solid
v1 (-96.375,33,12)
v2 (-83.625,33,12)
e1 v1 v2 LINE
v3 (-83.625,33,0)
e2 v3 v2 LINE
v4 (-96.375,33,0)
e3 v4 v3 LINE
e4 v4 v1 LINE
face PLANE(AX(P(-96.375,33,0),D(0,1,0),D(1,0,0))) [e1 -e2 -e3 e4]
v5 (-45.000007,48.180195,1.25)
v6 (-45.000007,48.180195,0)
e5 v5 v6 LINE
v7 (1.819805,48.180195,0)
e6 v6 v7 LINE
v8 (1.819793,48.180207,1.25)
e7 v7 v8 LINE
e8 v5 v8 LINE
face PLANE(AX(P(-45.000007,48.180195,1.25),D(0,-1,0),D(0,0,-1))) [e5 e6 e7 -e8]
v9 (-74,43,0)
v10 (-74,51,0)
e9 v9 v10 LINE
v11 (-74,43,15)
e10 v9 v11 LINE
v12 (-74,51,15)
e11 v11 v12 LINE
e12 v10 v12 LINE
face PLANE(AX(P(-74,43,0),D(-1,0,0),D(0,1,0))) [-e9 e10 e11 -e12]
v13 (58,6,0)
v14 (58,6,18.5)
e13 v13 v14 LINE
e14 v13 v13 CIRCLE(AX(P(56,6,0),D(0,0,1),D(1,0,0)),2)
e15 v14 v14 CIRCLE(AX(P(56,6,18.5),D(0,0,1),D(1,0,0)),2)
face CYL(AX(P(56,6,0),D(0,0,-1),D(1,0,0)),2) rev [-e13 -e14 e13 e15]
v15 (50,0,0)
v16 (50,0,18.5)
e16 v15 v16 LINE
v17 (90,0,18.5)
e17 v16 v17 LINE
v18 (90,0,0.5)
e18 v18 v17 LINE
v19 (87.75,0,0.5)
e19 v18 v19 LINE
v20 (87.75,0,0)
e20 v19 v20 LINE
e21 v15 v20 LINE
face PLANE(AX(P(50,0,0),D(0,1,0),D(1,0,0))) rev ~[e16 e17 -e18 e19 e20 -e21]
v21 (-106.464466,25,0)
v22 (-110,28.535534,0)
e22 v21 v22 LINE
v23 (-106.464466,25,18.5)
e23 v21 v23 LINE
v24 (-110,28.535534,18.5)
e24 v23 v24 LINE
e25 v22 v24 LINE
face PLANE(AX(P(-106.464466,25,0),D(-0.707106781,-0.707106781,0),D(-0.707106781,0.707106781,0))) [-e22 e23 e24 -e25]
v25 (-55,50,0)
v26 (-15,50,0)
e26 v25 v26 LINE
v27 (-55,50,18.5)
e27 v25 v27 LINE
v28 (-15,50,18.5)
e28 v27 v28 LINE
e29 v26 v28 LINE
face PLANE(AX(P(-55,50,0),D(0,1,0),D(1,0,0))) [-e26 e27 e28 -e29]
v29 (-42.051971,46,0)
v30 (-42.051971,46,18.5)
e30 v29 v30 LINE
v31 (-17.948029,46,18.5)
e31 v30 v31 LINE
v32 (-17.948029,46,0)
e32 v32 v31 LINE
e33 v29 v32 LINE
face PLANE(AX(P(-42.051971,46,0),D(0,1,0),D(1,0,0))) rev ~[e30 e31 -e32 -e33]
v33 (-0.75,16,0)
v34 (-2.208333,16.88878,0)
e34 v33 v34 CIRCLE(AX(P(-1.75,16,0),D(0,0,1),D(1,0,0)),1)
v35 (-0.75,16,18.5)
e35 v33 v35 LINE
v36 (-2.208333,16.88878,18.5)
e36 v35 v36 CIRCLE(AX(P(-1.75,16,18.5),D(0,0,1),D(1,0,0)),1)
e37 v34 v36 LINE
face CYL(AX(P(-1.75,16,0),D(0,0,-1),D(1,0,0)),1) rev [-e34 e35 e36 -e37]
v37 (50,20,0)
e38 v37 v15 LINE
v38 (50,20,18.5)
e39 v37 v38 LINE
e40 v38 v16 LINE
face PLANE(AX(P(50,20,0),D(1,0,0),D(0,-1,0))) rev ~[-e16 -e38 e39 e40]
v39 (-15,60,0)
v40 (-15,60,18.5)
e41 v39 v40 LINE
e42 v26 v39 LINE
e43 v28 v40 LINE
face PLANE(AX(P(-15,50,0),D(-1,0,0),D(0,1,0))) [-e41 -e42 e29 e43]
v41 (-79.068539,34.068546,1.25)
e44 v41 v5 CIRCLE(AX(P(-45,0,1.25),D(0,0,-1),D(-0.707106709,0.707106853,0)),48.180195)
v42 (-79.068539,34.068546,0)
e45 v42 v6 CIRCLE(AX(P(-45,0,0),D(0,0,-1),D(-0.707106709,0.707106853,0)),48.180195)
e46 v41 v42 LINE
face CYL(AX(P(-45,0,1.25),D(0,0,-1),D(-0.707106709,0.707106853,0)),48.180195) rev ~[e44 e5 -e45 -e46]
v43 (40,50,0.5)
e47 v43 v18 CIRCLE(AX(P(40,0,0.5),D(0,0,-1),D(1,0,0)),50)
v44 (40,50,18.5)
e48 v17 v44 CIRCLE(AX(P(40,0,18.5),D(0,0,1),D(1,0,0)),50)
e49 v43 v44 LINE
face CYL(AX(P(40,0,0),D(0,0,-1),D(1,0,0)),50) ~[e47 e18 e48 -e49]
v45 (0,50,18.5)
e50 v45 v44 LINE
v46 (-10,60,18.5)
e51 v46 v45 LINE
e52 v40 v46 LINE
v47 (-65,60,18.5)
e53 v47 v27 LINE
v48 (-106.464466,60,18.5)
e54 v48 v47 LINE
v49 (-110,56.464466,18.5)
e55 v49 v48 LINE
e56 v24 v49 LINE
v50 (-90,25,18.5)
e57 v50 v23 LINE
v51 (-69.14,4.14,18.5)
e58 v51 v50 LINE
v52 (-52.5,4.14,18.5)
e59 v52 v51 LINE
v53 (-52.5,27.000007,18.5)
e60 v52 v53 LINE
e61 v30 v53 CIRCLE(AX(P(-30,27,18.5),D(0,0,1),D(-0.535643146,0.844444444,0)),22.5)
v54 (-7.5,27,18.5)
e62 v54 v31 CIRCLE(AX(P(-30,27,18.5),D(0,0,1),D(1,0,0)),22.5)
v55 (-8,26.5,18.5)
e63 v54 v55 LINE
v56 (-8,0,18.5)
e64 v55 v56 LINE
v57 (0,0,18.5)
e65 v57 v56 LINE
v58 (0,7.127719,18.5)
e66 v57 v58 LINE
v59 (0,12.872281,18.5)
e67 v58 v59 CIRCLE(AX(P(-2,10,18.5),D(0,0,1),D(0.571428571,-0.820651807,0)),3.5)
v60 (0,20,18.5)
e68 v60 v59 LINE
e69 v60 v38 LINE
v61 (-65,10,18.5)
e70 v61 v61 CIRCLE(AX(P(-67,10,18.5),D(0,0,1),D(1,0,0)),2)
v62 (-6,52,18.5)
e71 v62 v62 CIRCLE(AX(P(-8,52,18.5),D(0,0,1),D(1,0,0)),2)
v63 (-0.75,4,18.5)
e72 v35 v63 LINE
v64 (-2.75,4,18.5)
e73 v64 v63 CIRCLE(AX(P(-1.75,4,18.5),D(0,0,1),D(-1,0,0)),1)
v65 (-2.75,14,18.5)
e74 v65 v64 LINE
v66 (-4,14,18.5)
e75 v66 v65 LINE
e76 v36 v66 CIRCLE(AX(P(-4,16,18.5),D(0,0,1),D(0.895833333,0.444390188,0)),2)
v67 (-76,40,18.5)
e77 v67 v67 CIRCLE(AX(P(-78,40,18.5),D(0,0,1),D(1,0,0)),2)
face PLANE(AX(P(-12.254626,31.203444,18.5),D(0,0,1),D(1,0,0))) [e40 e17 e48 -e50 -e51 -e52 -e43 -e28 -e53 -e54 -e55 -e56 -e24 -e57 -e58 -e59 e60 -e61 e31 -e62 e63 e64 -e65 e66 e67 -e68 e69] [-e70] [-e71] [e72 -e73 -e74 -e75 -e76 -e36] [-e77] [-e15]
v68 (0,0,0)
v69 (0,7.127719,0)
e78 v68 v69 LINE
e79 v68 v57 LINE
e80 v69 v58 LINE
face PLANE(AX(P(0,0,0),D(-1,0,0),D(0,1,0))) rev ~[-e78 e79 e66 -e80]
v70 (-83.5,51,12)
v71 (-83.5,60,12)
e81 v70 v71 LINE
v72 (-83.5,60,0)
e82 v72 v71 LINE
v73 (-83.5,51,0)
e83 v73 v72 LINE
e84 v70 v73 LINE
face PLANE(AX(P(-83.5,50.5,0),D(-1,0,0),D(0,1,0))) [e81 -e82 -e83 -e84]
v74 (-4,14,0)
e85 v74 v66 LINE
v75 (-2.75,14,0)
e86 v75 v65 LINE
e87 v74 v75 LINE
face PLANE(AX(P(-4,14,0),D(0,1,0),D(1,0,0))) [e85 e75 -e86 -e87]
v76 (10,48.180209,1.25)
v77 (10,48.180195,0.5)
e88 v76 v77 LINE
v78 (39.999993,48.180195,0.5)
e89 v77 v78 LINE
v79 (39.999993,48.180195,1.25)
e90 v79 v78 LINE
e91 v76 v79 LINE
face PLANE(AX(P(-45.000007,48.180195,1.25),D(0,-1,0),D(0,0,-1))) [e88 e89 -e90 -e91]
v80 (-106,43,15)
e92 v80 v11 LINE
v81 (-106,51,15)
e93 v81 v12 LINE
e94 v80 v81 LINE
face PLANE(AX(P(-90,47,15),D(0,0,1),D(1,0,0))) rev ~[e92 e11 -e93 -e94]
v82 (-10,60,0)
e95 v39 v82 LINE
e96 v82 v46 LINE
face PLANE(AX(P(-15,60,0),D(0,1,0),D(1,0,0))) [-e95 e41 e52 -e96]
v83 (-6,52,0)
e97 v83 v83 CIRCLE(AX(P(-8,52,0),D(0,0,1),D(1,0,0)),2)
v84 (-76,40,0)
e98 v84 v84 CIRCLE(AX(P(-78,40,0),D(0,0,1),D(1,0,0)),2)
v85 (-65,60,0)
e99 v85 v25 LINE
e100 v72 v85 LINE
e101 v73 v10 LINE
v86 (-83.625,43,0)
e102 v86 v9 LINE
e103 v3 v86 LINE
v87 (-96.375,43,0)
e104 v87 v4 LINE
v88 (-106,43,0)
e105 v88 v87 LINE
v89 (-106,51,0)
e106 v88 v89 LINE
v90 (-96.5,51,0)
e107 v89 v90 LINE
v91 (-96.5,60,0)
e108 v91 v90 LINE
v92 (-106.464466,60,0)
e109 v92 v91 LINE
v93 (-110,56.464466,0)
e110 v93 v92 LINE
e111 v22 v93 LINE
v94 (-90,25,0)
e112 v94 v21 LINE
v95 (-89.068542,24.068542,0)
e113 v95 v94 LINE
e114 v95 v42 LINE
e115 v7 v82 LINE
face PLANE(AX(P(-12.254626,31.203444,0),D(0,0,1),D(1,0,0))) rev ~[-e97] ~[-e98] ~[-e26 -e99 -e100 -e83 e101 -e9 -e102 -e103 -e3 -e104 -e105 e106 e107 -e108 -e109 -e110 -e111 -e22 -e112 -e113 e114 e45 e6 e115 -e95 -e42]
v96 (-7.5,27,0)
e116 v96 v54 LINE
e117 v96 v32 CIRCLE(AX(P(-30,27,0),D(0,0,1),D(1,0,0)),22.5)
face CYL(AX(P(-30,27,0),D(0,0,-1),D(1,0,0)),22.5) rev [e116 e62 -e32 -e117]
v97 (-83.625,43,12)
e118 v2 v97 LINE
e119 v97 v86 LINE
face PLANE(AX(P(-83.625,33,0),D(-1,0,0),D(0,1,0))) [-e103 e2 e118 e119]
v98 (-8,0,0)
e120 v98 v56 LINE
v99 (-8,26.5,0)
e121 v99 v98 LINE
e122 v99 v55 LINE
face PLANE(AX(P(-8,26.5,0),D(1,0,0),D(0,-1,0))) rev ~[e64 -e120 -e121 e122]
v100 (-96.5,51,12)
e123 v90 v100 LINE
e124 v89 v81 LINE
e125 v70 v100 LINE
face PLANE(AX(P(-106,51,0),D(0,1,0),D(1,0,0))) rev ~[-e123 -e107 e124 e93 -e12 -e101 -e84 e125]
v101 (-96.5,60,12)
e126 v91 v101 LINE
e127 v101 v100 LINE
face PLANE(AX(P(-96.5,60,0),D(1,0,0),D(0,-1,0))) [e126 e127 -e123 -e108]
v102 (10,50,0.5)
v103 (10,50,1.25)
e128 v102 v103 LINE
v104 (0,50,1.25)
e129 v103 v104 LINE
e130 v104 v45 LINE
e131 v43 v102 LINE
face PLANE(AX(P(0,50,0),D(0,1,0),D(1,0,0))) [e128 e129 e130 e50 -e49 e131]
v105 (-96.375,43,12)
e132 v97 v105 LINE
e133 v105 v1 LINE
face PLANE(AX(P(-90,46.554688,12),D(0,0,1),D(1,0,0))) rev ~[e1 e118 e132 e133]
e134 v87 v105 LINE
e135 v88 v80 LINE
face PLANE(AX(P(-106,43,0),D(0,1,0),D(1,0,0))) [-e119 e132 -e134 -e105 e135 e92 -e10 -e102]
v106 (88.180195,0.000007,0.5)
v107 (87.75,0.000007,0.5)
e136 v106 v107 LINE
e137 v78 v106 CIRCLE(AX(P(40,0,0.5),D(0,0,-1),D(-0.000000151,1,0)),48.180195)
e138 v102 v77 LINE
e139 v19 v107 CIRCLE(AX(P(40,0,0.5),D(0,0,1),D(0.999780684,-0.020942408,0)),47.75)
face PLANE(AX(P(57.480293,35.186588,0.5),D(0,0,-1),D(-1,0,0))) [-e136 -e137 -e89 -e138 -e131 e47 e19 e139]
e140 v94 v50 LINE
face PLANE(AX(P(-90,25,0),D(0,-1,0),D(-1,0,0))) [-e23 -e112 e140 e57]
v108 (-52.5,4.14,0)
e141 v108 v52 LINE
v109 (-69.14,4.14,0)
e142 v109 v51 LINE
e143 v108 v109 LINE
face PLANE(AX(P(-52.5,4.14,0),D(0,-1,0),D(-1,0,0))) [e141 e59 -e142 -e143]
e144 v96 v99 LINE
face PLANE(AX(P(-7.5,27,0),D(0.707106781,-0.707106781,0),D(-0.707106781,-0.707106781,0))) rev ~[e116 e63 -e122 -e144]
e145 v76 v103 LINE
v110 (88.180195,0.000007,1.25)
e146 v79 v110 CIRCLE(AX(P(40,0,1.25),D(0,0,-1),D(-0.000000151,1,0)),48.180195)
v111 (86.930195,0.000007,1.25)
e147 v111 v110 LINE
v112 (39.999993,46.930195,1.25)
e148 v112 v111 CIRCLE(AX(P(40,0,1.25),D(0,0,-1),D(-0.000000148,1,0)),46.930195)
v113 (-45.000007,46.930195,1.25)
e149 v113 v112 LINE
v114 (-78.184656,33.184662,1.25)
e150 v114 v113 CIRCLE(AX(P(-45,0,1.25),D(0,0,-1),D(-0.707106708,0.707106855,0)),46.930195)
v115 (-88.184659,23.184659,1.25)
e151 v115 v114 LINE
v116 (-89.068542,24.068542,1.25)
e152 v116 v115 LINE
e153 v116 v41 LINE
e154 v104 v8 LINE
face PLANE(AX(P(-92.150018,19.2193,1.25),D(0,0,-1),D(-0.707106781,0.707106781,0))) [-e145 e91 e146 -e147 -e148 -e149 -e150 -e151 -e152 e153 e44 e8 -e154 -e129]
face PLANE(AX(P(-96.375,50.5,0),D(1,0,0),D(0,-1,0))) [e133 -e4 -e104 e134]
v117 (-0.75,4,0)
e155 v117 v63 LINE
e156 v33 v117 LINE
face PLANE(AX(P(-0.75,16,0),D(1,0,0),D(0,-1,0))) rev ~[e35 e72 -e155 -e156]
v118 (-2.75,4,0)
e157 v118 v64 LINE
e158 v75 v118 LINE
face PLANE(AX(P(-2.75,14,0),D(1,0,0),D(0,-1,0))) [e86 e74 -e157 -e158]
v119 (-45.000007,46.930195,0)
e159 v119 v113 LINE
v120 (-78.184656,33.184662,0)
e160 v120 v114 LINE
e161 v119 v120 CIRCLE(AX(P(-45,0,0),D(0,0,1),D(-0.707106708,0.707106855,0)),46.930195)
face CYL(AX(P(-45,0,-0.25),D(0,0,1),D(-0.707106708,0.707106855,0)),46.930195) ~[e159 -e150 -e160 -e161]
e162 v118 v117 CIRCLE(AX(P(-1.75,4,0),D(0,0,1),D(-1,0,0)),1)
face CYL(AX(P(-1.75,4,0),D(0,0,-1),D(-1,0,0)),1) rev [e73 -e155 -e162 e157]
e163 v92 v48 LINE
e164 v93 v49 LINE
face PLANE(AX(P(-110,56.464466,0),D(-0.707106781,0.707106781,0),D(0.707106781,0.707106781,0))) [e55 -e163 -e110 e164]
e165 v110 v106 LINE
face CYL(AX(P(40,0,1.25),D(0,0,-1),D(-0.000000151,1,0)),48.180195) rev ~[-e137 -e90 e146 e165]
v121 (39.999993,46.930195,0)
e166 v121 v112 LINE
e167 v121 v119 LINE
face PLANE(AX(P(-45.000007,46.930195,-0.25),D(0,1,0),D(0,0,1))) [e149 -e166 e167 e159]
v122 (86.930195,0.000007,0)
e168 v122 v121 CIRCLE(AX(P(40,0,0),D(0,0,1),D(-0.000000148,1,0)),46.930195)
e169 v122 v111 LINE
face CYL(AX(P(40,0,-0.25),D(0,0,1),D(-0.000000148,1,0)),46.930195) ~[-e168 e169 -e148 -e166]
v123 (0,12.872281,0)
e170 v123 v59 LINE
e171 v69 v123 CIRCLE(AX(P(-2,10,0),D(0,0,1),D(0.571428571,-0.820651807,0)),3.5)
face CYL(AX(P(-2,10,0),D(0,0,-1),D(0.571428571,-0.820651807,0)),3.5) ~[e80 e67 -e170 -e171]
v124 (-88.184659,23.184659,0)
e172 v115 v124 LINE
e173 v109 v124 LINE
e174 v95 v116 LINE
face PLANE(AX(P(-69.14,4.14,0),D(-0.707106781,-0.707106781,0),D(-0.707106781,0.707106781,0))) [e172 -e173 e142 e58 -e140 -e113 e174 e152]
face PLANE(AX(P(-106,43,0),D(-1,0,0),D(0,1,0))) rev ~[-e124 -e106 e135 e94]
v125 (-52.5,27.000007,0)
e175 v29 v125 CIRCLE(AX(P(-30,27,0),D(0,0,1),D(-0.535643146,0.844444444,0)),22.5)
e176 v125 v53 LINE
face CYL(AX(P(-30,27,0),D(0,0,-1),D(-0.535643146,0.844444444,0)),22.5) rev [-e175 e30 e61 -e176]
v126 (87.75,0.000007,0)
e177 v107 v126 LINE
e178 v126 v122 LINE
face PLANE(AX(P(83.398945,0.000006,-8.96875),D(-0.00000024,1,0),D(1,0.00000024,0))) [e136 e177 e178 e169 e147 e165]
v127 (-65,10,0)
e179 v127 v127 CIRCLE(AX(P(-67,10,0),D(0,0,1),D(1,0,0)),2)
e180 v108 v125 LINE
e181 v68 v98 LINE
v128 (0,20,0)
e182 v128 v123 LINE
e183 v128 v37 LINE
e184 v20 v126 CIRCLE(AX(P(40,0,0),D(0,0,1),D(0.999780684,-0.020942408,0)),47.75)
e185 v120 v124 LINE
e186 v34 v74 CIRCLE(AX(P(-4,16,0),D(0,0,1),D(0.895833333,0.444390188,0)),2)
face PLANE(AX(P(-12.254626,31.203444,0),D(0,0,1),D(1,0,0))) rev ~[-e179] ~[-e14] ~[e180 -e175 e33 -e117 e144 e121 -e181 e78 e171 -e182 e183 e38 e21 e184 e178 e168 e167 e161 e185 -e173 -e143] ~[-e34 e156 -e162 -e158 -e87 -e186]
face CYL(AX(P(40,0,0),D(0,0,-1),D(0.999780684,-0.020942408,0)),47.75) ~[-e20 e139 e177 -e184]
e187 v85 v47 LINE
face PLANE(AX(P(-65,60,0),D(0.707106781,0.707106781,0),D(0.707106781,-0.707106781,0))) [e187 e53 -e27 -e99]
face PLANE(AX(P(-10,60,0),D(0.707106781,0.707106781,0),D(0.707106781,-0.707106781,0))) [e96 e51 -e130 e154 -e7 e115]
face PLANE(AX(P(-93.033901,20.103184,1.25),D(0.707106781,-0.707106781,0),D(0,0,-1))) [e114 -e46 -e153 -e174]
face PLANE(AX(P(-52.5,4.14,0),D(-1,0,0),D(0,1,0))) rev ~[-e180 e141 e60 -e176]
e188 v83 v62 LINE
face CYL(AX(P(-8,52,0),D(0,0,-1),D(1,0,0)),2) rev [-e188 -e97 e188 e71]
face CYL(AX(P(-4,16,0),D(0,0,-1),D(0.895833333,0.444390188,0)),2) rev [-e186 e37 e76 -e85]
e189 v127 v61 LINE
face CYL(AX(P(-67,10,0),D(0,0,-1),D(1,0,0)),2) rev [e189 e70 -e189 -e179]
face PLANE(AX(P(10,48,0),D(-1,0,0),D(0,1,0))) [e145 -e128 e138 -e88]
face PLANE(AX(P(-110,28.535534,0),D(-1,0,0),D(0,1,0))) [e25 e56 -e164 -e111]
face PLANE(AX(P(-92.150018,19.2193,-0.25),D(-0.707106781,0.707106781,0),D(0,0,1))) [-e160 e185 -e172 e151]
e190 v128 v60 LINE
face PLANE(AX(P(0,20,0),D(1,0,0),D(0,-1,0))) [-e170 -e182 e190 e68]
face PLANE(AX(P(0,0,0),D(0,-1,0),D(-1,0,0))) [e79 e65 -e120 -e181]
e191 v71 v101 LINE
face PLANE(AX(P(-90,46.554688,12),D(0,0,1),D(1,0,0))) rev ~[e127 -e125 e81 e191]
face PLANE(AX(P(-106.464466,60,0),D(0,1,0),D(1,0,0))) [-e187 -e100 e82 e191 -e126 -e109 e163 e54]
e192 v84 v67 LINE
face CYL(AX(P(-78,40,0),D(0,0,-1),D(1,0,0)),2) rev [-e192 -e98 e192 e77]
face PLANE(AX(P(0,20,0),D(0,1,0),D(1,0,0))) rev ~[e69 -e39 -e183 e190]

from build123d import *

# Parameters (mm, degrees)
SKETCH_R        = 2
PAD_DEPTH       = 18.5
POCKET_DEPTH    = 1.25
POCKET001_DEPTH = 12
SKETCH005_W     = 32
SKETCH005_H     = 8
POCKET002_DEPTH = 15
POCKET003_DEPTH = 0.5


with BuildPart() as part:
    # Sketch → Pad (new body)
    with BuildSketch(Plane.XY):
        with BuildLine():
            Line((0, 20), (50, 20))
            Line((50, 20), (50, 0))
            Line((50, 0), (90, 0))
            ThreePointArc((90, 0), (75.3553391883, 35.3553389303), (40.0000003648, 50))
            Line((0, 50), (40.0000003648, 50))
            Line((-10, 60), (0, 50))
            Line((-15, 60), (-10, 60))
            Line((-15, 50), (-15, 60))
            Line((-55, 50), (-15, 50))
            Line((-65, 60), (-55, 50))
            Line((-106.4644660941, 60), (-65, 60))
            Line((-110, 56.4644660941), (-106.4644660941, 60))
            Line((-110, 28.5355339059), (-110, 56.4644660941))
            Line((-106.4644660941, 25), (-110, 28.5355339059))
            Line((-90, 25), (-106.4644660941, 25))
            Line((-69.14, 4.14), (-90, 25))
            Line((-52.5, 4.14), (-69.14, 4.14))
            Line((-52.5, 4.14), (-52.5, 27.0000073596))
            ThreePointArc((-42.0519707932, 46), (-49.7157196548, 37.8416049777), (-52.5, 27.0000073596))
            Line((-42.0519707932, 46), (-17.9480292068, 46))
            ThreePointArc((-7.5, 27), (-10.2842785721, 37.8416017533), (-17.9480292068, 46))
            Line((-7.5, 27), (-8, 26.5))
            Line((-8, 26.5), (-8, 0))
            Line((0, 0), (-8, 0))
            Line((0, 0), (0, 7.1277186767))
            ThreePointArc((0, 7.1277186767), (1.5, 10), (0, 12.8722813233))
            Line((0, 20), (0, 12.8722813233))
        make_face()
        with Locations((56, 6)):
            Circle(SKETCH_R, mode=Mode.SUBTRACT)
        with Locations((-8, 52)):
            Circle(SKETCH_R, mode=Mode.SUBTRACT)
        with Locations((-67, 10)):
            Circle(SKETCH_R, mode=Mode.SUBTRACT)
        with Locations((-78, 40)):
            Circle(SKETCH_R, mode=Mode.SUBTRACT)
        with BuildLine():
            ThreePointArc((-2.2083333333, 16.8887803753), (-5.6996412833, 17.0541439694), (-3.9999998699, 14))
            Line((-3.9999998699, 14), (-2.75, 14))
            Line((-2.75, 14), (-2.75, 4))
            ThreePointArc((-2.75, 4), (-1.75, 3), (-0.75, 4))
            Line((-0.75, 16), (-0.75, 4))
            ThreePointArc((-0.75, 16), (-1.2295835001, 16.8539125638), (-2.2083333333, 16.8887803753))
        make_face(mode=Mode.SUBTRACT)
    extrude(amount=PAD_DEPTH)

    # SubtractivePipe: sweep along a path in Sketch001
    with BuildLine(Plane.XY.offset(18.5)) as subtractivepipe_path:
        Line((-72.9307178569, 0), (-58.9653554732, 13.9653623837))
        ThreePointArc((-58.9653554732, 13.9653623837), (-52.5579955482, 18.2466216954), (-45.0000000351, 19.75))
        Line((-45.0000000351, 19.75), (39.9999998281, 19.75))
        ThreePointArc((39.9999998281, 19.75), (53.9653588677, 13.9653589892), (59.75, 0))
    # Sketch002 (on DatumPlane) → SubtractivePipe (sweep, cut)
    with BuildSketch(Plane(origin=(-32.5, -32.5, 0), x_dir=(0.7071067812, -0.7071067812, 0), z_dir=(-0.7071067812, -0.7071067812, 0))):
        Polygon((-80, -18.75), (-70, -18.75), (-70, -0.25), (-78.75, -0.25), (-78.75, 1.25), (-80, 1.25), align=None)
    sweep(path=subtractivepipe_path.line, mode=Mode.SUBTRACT)

    # Sketch003 → Pocket (cut)
    with BuildSketch(Plane.XY):
        Polygon((0, 50), (2, 48), (10, 48), (10, 50), align=None)
    extrude(amount=POCKET_DEPTH, mode=Mode.SUBTRACT)

    # Sketch004 → Pocket001 (cut)
    with BuildSketch(Plane.XY):
        Polygon((-96.5, 60), (-96.5, 50.5), (-96.375, 50.5), (-96.375, 33), (-83.625, 33), (-83.625, 50.5), (-83.5, 50.5), (-83.5, 60), align=None)
    extrude(amount=POCKET001_DEPTH, mode=Mode.SUBTRACT)

    # Sketch005 → Pocket002 (cut)
    with BuildSketch(Plane.XY):
        with Locations((-90, 47)):
            Rectangle(SKETCH005_W, SKETCH005_H)
    extrude(amount=POCKET002_DEPTH, mode=Mode.SUBTRACT)

    # Sketch006 → Pocket003 (cut)
    with BuildSketch(Plane.XY):
        with BuildLine():
            ThreePointArc((87.7395276474, -1), (74.1160702602, 33.4089247058), (40, 47.75))
            Line((40, 47.75), (9.5, 47.75))
            Line((9.5, 47.75), (9.5, 50.25))
            Line((9.5, 50.25), (39.9999271709, 50.25))
            ThreePointArc((90.2400487659, -1), (75.8839019692, 35.1768116729), (39.9999271709, 50.2499999999))
            Line((87.7395276474, -1), (90.2400487659, -1))
        make_face()
    extrude(amount=POCKET003_DEPTH, mode=Mode.SUBTRACT)


solid = part.part
